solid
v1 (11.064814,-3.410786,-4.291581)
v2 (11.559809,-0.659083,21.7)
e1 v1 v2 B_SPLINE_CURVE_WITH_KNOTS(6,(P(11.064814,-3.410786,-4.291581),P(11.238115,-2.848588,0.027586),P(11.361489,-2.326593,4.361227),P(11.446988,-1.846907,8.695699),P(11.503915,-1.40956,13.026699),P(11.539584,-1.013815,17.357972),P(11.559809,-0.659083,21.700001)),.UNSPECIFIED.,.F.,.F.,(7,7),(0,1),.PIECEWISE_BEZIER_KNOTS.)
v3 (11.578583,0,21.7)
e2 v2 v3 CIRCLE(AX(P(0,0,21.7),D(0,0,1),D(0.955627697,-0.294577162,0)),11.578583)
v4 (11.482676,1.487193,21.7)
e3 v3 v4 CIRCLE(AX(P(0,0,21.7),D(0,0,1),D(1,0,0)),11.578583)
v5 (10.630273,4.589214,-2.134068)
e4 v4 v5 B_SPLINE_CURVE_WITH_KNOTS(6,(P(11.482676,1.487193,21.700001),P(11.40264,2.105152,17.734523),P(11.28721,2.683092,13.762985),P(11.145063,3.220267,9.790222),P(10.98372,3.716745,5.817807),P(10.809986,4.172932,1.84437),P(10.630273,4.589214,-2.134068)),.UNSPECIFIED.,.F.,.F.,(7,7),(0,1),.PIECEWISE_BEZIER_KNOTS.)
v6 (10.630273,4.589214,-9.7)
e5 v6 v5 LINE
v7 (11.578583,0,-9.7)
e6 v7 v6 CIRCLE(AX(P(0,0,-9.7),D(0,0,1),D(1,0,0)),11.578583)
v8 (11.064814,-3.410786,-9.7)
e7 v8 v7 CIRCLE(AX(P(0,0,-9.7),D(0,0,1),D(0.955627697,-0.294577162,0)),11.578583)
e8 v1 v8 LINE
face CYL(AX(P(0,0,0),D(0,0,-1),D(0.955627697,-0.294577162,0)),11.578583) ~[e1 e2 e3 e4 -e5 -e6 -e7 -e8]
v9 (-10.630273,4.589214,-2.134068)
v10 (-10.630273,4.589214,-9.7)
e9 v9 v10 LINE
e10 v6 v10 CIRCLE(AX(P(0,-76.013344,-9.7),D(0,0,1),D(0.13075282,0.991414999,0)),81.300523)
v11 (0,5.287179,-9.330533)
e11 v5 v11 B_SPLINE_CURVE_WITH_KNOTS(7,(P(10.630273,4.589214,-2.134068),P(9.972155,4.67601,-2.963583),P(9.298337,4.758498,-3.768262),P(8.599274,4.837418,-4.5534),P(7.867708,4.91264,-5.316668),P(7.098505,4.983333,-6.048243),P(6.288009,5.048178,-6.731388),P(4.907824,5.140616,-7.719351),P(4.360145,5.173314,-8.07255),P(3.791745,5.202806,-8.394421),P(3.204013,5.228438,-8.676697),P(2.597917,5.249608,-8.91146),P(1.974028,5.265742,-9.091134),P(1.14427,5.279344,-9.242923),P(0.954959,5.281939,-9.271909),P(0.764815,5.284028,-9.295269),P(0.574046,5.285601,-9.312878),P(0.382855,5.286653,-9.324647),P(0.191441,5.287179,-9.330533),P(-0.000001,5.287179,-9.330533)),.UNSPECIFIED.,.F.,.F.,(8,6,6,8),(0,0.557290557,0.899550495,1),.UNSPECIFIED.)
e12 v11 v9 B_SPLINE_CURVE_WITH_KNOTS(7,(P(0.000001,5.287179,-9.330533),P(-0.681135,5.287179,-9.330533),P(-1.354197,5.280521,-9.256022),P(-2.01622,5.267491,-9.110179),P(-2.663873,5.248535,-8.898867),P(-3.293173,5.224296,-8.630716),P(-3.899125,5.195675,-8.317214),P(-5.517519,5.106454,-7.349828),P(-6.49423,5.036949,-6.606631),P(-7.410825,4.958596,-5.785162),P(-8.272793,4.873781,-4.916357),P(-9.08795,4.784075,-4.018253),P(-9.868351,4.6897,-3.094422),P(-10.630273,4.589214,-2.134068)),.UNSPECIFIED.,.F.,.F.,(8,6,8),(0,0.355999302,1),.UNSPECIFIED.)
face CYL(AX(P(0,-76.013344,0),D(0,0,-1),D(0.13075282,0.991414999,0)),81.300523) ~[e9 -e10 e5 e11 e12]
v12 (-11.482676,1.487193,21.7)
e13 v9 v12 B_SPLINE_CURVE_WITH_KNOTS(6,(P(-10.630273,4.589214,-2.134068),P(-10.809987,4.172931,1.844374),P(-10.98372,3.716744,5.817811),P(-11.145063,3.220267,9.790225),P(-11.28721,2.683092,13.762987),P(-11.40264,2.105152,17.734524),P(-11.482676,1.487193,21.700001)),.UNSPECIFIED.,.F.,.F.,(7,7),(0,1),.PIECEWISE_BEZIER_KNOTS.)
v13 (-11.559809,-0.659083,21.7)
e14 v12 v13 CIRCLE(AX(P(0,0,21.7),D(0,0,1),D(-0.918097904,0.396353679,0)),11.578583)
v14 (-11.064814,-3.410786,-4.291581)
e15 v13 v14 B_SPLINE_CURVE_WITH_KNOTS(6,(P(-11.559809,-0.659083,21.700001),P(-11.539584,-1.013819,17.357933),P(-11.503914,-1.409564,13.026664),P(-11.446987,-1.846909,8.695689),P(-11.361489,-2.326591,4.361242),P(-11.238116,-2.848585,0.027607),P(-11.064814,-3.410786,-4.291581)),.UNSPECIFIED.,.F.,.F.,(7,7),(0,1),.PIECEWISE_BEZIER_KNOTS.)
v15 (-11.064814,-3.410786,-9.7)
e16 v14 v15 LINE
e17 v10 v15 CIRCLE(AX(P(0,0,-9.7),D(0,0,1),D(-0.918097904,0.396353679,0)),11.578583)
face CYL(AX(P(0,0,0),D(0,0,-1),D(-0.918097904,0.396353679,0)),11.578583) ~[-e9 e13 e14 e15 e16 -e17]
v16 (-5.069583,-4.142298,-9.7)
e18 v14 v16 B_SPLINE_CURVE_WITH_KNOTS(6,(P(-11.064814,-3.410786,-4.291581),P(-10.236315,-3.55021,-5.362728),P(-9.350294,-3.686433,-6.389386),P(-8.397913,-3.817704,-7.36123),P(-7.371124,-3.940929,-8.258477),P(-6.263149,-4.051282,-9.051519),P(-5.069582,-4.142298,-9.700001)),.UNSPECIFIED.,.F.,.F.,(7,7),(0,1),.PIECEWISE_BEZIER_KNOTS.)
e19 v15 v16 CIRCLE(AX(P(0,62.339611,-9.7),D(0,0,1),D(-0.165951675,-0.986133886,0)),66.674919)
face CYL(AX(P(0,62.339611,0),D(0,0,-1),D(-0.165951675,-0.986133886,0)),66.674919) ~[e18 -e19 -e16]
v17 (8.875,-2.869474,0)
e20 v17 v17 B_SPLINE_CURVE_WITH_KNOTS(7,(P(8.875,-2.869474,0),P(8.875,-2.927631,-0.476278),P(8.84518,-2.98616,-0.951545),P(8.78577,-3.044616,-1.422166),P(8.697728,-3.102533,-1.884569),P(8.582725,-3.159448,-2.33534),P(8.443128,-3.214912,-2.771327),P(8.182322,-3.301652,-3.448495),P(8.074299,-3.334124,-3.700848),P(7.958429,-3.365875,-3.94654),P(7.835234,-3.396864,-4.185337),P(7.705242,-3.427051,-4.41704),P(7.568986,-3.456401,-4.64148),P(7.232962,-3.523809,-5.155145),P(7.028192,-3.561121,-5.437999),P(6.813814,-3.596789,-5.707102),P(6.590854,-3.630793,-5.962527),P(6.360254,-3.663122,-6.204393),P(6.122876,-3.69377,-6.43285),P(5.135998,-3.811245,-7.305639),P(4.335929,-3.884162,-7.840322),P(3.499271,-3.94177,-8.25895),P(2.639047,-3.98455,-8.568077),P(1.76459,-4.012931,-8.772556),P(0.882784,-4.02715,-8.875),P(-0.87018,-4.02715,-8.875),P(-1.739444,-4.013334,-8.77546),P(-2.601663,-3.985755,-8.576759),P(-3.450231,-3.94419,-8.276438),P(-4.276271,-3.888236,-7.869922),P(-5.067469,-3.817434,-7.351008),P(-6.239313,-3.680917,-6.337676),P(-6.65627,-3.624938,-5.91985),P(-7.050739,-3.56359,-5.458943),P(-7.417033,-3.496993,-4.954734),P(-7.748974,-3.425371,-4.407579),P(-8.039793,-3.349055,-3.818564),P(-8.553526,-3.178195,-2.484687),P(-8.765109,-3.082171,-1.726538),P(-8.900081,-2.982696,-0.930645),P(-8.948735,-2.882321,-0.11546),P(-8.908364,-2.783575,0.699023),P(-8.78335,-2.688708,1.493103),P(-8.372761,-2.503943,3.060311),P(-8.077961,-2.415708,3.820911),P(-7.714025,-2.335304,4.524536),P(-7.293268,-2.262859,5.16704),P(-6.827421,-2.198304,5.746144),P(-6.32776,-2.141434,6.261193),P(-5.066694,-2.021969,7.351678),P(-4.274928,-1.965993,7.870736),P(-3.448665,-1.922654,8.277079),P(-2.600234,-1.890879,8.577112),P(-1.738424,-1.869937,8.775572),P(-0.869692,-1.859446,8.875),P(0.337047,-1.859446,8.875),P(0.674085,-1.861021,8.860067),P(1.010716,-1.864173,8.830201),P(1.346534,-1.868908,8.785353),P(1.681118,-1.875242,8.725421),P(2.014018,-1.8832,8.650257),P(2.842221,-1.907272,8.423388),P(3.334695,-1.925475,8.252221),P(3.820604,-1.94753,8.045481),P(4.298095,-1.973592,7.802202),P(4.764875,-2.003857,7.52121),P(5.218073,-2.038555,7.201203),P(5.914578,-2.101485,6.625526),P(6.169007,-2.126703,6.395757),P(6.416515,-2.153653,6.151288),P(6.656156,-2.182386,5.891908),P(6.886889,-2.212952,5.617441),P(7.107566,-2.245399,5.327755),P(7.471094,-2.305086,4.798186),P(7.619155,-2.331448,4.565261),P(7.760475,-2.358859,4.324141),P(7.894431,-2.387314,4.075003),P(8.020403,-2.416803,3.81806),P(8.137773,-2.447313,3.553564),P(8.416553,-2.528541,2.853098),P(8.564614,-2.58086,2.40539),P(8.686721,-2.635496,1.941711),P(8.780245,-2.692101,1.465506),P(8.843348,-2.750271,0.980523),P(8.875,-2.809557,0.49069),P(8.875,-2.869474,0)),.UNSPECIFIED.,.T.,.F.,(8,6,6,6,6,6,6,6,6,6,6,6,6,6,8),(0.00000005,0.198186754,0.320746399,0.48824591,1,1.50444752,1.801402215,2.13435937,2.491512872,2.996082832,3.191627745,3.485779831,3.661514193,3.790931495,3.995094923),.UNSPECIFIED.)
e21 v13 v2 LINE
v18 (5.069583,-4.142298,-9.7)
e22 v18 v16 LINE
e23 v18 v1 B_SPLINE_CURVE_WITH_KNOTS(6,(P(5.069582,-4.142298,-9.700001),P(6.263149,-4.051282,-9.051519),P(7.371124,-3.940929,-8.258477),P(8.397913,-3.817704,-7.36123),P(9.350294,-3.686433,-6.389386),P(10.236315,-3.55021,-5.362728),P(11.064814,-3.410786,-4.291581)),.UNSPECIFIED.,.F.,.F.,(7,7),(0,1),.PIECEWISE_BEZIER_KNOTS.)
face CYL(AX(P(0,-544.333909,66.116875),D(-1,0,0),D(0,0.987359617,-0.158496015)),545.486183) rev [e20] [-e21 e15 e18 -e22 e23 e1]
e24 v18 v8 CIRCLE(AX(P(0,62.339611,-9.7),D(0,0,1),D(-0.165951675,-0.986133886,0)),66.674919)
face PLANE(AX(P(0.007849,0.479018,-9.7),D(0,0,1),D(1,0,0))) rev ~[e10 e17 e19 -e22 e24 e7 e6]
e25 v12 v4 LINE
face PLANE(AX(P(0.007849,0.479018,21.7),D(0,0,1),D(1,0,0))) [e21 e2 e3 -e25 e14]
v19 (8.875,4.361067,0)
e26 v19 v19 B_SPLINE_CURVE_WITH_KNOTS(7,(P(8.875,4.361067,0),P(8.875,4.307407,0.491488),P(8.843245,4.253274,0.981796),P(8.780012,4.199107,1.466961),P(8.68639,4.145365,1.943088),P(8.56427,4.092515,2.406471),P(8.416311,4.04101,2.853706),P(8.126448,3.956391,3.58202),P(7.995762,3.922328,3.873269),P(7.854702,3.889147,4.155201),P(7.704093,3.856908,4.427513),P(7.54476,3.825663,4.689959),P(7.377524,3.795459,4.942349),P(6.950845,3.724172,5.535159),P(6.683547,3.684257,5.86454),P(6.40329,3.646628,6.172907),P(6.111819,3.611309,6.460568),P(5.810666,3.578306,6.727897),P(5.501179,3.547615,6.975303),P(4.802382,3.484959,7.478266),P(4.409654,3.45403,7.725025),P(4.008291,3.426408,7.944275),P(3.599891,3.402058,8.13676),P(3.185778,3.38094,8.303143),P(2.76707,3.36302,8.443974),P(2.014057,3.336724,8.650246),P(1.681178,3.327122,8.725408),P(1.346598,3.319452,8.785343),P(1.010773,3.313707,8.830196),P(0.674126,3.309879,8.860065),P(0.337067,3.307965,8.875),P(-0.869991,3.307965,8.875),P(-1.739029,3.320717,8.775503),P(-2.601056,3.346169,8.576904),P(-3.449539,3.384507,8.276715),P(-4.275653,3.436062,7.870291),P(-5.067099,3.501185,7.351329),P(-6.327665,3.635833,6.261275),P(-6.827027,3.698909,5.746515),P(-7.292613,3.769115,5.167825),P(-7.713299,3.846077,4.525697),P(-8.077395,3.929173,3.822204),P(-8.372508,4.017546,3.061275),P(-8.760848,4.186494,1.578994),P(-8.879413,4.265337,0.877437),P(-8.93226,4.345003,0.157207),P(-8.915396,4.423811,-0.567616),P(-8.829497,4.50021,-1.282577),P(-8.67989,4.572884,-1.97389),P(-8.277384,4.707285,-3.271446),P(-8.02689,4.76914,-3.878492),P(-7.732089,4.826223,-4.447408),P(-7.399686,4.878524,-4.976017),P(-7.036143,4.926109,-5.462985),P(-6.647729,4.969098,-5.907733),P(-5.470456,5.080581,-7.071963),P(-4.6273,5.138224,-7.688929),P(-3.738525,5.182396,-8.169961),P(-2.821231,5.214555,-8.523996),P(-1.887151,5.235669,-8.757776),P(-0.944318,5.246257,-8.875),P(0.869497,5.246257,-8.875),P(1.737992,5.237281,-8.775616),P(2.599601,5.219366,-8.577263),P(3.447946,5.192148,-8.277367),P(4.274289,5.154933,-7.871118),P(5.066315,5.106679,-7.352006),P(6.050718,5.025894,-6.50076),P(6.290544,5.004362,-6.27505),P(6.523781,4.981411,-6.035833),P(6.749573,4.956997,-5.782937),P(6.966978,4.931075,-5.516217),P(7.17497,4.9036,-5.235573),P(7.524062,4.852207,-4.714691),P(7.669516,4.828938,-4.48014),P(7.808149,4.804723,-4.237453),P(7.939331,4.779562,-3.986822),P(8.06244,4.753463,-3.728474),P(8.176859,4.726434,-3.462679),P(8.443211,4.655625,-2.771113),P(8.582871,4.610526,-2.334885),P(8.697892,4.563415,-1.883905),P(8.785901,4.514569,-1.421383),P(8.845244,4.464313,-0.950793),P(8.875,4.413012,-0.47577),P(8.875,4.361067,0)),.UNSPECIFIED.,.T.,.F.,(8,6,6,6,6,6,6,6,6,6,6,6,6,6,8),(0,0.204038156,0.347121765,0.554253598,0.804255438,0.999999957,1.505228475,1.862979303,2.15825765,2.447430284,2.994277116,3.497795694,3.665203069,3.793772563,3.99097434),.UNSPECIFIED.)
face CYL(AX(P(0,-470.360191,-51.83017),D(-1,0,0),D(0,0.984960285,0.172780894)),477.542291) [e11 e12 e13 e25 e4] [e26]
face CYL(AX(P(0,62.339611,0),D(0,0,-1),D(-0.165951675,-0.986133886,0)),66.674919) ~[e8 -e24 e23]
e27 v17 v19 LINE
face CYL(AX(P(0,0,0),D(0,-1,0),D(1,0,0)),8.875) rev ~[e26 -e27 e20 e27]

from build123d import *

# Parameters (mm, degrees)
F2_DEPTH      = 9.7
F2_DEPTH_BACK = 21.7
F0_R          = 8.875
F3_DEPTH      = 25
F3_DEPTH_BACK = 25
F5_DEPTH      = 25
F5_DEPTH_BACK = 25


with BuildPart() as f2:
    # F1 (on Top) → F2 (new body, two sides)
    with BuildSketch(Plane.XY) as f2_sk:
        with BuildLine():
            ThreePointArc((11.0648144764, -3.4107860847), (11.4494203432, -1.7246318209), (11.5785828629, 0))
            ThreePointArc((11.5785828629, 0), (11.3390271612, 2.3430843246), (10.6302726566, 4.5892139153))
            ThreePointArc((10.6302726566, 4.5892139153), (0, 5.2871789927), (-10.6302726566, 4.5892139153))
            ThreePointArc((-10.6302726566, 4.5892139153), (-11.5615397516, 0.6279965655), (-11.0648144764, -3.4107860847))
            ThreePointArc((-11.0648144764, -3.4107860847), (0, -4.3353080989), (11.0648144764, -3.4107860847))
        make_face()
    extrude(amount=-F2_DEPTH)
    extrude(f2_sk.sketch, amount=F2_DEPTH_BACK)

    # F0 (on Front) → F3 (cut, two sides)
    with BuildSketch(Plane.XZ) as f3_sk:
        Circle(F0_R)
    extrude(amount=-F3_DEPTH, mode=Mode.SUBTRACT)
    extrude(f3_sk.sketch, amount=F3_DEPTH_BACK, mode=Mode.SUBTRACT)

    # F4 (on Right) → F5 (cut, two sides)
    with BuildSketch(Plane.YZ) as f5_sk:
        with BuildLine():
            ThreePointArc((0, 30.6800138205), (3.7581649162, 5.252439566), (6.1427378096, -20.3405115753))
            ThreePointArc((6.1427378096, -20.3405115753), (0.1999286469, 33.1697739229), (-5.7428805158, -20.3405115753))
            ThreePointArc((-5.7428805158, -20.3405115753), (-2.2708328186, 5.1021466294), (0, 30.6800138205))
        make_face()
    extrude(amount=-F5_DEPTH, mode=Mode.SUBTRACT)
    extrude(f5_sk.sketch, amount=F5_DEPTH_BACK, mode=Mode.SUBTRACT)


solid = f2.part
